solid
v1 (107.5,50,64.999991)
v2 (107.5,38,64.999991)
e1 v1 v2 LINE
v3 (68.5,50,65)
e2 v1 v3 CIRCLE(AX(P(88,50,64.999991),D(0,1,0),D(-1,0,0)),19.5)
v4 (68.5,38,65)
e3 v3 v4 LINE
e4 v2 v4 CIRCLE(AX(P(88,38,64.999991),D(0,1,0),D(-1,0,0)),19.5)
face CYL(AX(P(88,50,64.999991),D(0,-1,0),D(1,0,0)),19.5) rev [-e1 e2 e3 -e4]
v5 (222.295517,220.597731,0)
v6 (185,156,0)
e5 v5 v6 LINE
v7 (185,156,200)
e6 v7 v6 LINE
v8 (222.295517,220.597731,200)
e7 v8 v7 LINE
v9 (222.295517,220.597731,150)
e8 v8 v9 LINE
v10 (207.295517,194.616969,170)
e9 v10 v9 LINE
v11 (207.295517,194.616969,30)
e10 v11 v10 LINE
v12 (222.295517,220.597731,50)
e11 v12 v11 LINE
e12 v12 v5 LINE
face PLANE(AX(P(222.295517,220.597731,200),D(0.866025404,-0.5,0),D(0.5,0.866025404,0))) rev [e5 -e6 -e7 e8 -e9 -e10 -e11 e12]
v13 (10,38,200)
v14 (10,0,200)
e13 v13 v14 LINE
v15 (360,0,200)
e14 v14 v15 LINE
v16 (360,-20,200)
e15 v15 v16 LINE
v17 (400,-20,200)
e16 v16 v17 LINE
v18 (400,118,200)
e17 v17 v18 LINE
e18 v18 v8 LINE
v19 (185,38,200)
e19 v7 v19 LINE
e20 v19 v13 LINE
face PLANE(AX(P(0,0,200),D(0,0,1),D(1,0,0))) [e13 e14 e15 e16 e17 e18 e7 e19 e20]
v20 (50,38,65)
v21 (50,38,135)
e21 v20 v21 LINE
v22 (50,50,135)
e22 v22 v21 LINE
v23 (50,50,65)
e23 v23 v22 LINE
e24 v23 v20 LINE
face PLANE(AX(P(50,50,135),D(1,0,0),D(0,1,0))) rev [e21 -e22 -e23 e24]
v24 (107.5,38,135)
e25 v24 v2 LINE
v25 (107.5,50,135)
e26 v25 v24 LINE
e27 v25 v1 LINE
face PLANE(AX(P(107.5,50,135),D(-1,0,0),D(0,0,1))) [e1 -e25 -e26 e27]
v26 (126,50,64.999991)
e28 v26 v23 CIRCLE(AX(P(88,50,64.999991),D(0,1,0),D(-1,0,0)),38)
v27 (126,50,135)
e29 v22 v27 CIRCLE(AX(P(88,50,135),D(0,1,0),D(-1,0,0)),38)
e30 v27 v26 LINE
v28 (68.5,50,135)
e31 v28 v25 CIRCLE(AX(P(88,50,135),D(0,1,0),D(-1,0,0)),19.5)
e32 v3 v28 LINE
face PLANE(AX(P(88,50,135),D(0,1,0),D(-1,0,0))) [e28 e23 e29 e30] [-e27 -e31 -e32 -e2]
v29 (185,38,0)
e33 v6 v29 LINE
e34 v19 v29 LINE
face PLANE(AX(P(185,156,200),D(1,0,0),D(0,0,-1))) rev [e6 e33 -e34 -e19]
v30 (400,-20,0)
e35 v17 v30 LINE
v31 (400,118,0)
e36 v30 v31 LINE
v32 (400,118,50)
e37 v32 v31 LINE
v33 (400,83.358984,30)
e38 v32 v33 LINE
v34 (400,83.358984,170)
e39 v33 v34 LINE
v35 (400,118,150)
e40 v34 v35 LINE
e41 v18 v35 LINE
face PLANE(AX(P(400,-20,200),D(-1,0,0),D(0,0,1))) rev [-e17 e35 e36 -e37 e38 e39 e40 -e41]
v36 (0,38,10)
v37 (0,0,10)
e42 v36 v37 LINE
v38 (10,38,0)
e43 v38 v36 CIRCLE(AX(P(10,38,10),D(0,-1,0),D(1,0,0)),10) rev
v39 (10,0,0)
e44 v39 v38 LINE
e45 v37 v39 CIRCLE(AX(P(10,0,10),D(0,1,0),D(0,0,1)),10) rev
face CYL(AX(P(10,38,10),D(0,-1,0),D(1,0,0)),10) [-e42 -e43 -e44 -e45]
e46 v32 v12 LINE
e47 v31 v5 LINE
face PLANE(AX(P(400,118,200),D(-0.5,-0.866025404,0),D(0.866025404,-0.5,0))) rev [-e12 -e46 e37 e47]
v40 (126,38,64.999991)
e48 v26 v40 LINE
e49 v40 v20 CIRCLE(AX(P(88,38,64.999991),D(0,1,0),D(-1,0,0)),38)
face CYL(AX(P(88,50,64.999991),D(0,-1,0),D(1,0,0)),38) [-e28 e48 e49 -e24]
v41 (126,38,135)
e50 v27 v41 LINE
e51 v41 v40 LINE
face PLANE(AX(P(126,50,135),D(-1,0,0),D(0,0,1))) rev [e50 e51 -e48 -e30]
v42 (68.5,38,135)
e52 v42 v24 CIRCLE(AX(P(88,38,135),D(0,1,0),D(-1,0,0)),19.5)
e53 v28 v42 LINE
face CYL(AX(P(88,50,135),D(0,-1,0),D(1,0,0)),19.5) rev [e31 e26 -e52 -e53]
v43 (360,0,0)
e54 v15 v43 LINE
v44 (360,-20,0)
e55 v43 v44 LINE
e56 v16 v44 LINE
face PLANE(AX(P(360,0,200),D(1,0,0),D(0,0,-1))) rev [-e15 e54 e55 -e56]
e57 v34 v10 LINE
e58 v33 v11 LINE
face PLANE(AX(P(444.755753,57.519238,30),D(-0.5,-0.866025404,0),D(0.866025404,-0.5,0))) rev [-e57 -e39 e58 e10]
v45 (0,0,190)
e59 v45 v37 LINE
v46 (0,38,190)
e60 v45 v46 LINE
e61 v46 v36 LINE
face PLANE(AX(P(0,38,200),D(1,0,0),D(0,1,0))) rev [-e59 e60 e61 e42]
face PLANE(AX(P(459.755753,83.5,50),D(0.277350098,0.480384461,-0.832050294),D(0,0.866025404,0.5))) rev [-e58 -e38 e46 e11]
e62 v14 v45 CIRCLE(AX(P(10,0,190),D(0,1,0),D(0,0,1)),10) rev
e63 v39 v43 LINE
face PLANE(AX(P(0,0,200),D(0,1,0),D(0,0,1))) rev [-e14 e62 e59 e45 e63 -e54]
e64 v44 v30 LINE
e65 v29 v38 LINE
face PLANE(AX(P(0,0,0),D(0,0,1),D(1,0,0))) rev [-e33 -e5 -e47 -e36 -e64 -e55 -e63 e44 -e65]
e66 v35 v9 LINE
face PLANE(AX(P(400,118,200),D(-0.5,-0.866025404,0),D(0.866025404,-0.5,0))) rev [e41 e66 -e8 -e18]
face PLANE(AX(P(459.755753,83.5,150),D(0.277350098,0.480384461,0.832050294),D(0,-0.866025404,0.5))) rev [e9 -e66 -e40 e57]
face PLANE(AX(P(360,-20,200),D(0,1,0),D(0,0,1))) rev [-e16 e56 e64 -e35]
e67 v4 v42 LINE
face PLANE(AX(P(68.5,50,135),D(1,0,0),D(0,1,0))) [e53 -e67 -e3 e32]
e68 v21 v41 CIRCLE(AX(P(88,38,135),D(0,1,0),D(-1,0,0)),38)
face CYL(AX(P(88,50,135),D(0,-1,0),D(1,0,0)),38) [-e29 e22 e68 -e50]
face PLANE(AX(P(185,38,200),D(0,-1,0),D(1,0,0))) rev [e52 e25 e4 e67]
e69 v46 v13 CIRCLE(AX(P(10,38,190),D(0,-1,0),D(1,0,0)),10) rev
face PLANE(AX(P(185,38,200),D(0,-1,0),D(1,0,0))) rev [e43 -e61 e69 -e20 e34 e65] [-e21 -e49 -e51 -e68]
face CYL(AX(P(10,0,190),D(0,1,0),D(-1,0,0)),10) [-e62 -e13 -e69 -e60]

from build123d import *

# Parameters (mm, degrees)
BOSS_EXTRUDE1_DEPTH = 200
CUT_EXTRUDE1_DEPTH  = 466.401952215
FILLET1_R           = 10
BOSS_EXTRUDE2_DEPTH = 12


with BuildPart() as part:
    # Sketch1 → Boss-Extrude1 (new body)
    with BuildSketch(Plane.XY):
        Polygon((0, 0), (360, 0), (360, -20), (400, -20), (400, 118), (222.295517328, 220.597730907), (185, 156), (185, 38), (0, 38), align=None)
    extrude(amount=BOSS_EXTRUDE1_DEPTH)

    # Sketch2 → Cut-Extrude1 (cut, through all)
    with BuildSketch(Plane(origin=(71.200018505, -41.10734985, 0), x_dir=(0, 0, 1), z_dir=(-0.8660254037844399, 0.4999999999999977, 0))):
        Polygon((30, 272.190997647), (170, 272.190997647), (150, 302.190997647), (50, 302.190997647), align=None)
    extrude(amount=-CUT_EXTRUDE1_DEPTH, mode=Mode.SUBTRACT)

    # Fillet1
    fillet1_edges = [part.edges().sort_by_distance(p)[0] for p in [
        (0, 19, 0),
        (0, 19, 200),
    ]]
    fillet(fillet1_edges, radius=FILLET1_R)

    # Sketch3 → Boss-Extrude2 (add)
    with BuildSketch(Plane(origin=(0, 38, 0), x_dir=(1, 0, 0), z_dir=(0, 1, 0))):
        with BuildLine():
            Line((50, -135), (50, -65))
            ThreePointArc((50, -65), (87.999995632, -26.999991264), (126, -64.999991264))
            Line((126, -64.999991264), (126, -135))
            ThreePointArc((126, -135), (88, -173), (50, -135))
        make_face()
        with BuildLine():
            Line((68.5, -135), (68.5, -65))
            ThreePointArc((68.5, -65), (87.999995632, -45.499991264), (107.5, -64.999991264))
            Line((107.5, -64.999991264), (107.5, -135))
            ThreePointArc((107.5, -135), (88, -154.5), (68.5, -135))
        make_face(mode=Mode.SUBTRACT)
    extrude(amount=BOSS_EXTRUDE2_DEPTH)


solid = part.part
